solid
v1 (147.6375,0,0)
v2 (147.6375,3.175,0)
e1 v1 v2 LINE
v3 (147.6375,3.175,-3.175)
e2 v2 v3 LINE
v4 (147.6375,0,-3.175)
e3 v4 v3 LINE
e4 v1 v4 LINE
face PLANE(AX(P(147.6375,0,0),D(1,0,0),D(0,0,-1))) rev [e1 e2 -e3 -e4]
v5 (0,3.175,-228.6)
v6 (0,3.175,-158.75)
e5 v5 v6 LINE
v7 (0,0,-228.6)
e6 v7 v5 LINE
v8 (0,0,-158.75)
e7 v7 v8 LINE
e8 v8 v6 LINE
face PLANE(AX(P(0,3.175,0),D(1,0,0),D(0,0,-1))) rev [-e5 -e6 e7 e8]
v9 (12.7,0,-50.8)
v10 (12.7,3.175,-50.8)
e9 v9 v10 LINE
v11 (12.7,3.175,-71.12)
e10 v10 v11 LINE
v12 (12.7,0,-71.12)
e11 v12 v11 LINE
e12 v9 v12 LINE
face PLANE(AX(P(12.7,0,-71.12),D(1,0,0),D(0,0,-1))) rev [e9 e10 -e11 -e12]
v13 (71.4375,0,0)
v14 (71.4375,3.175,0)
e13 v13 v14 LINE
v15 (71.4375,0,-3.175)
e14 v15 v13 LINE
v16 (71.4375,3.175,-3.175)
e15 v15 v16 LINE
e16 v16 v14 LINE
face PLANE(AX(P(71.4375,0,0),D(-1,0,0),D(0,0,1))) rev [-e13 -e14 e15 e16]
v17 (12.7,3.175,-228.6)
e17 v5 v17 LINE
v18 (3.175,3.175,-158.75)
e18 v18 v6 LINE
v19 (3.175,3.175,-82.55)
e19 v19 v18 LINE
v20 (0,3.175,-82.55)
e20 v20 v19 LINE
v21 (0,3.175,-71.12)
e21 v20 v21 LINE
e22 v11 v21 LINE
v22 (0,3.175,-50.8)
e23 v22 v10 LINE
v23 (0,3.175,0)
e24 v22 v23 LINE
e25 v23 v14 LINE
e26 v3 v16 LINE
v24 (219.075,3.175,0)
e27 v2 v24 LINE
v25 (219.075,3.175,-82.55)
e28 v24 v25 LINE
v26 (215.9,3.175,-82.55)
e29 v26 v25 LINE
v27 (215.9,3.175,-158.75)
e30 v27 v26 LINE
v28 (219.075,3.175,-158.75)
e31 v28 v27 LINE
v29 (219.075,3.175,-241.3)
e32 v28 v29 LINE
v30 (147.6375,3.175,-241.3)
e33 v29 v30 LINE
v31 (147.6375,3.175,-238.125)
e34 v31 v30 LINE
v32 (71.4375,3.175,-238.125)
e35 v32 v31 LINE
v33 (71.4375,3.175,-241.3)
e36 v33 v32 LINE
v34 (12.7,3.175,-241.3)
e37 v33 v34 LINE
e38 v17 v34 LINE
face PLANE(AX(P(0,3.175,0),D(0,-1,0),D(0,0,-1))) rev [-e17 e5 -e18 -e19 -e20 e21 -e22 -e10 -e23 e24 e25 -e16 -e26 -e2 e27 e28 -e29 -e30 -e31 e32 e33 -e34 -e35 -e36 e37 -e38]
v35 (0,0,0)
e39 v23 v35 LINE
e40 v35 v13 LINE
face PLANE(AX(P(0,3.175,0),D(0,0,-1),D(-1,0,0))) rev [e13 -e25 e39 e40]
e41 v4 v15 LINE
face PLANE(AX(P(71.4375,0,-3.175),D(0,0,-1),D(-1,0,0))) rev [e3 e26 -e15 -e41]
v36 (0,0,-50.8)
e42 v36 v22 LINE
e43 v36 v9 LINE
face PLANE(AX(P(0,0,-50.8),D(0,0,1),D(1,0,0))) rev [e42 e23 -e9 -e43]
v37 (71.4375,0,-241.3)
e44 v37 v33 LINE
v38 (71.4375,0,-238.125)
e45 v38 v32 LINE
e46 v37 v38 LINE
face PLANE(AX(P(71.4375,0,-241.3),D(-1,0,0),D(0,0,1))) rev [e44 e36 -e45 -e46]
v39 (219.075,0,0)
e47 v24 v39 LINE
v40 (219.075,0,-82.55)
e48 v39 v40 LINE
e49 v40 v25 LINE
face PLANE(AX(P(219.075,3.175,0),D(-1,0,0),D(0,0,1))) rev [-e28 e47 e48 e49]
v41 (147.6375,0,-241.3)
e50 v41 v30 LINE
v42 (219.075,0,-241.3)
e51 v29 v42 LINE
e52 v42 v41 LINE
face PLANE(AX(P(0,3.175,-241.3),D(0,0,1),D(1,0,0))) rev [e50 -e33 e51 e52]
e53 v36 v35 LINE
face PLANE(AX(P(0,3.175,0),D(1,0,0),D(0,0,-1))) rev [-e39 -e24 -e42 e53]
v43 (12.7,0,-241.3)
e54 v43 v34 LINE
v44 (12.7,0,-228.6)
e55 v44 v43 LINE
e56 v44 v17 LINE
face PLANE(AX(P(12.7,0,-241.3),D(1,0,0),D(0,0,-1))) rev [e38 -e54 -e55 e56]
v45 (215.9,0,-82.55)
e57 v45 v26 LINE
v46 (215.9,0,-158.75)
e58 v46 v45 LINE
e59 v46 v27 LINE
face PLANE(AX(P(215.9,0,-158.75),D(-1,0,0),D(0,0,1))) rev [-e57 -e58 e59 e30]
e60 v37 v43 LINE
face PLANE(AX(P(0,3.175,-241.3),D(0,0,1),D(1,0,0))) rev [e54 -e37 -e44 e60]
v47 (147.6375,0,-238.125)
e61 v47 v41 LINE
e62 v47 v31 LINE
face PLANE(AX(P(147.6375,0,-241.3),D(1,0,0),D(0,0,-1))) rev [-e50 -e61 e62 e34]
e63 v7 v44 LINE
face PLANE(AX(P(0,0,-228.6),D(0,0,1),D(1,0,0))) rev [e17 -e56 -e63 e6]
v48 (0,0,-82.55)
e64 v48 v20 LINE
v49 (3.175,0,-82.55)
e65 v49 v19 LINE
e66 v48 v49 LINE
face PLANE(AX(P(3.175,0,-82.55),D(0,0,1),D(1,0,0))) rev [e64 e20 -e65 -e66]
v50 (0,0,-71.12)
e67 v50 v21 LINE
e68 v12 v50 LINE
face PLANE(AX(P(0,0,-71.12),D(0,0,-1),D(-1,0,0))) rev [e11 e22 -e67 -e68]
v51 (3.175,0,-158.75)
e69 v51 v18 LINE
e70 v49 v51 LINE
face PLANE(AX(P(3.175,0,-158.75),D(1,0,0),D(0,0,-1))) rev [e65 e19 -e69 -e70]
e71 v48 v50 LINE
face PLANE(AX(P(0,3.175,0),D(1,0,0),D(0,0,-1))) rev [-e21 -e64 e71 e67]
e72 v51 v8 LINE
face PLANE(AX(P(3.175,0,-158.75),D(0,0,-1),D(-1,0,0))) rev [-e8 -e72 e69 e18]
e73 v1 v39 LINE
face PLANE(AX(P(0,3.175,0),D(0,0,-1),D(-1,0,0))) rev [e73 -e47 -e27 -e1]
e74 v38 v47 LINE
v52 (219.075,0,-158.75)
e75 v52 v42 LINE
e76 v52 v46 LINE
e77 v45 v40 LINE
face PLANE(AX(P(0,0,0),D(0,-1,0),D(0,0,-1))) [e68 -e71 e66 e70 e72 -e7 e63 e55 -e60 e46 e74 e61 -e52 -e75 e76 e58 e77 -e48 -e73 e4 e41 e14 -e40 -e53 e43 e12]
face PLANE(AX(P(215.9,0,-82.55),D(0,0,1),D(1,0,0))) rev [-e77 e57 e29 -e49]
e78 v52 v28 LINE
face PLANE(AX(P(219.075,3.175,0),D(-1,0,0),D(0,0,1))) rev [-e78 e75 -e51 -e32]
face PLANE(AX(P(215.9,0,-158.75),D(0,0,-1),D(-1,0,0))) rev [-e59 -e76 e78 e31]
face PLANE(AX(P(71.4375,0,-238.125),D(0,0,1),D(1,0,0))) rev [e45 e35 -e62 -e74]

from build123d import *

# Parameters (mm, degrees)
SKETCH2_W           = 219.075
SKETCH2_H           = 241.3
BOSS_EXTRUDE1_DEPTH = 3.175
SKETCH3_W           = 3.175
SKETCH3_H           = 76.2
SKETCH3_W_2         = 76.2
SKETCH3_H_2         = 3.175
CUT_EXTRUDE1_DEPTH  = 4.175
SKETCH4_W           = 12.7
SKETCH4_H           = 20.32
SKETCH4_H_2         = 12.7
CUT_EXTRUDE2_DEPTH  = 4.175


with BuildPart() as part:
    # Sketch2 → Boss-Extrude1 (new body)
    with BuildSketch(Plane(origin=(0, 0, 0), x_dir=(1, 0, 0), z_dir=(0, 1, 0))):
        with Locations((109.5375, 120.65)):
            Rectangle(SKETCH2_W, SKETCH2_H)
    extrude(amount=BOSS_EXTRUDE1_DEPTH)

    # Sketch3 → Cut-Extrude1 (cut, through all)
    with BuildSketch(Plane(origin=(0, 3.175, 0), x_dir=(1, 0, 0), z_dir=(0, 1, 0))):
        with Locations((1.5875, 120.65)):
            Rectangle(SKETCH3_W, SKETCH3_H)
        with Locations((217.4875, 120.65)):
            Rectangle(SKETCH3_W, SKETCH3_H)
        with Locations((109.5375, 239.7125)):
            Rectangle(SKETCH3_W_2, SKETCH3_H_2)
        with Locations((109.5375, 1.5875)):
            Rectangle(SKETCH3_W_2, SKETCH3_H_2)
    extrude(amount=-CUT_EXTRUDE1_DEPTH, mode=Mode.SUBTRACT)

    # Sketch4 → Cut-Extrude2 (cut, through all)
    with BuildSketch(Plane(origin=(0, 3.175, 0), x_dir=(1, 0, 0), z_dir=(0, 1, 0))):
        with Locations((6.35, 60.96)):
            Rectangle(SKETCH4_W, SKETCH4_H)
        with Locations((6.35, 234.95)):
            Rectangle(SKETCH4_W, SKETCH4_H_2)
    extrude(amount=-CUT_EXTRUDE2_DEPTH, mode=Mode.SUBTRACT)


solid = part.part
